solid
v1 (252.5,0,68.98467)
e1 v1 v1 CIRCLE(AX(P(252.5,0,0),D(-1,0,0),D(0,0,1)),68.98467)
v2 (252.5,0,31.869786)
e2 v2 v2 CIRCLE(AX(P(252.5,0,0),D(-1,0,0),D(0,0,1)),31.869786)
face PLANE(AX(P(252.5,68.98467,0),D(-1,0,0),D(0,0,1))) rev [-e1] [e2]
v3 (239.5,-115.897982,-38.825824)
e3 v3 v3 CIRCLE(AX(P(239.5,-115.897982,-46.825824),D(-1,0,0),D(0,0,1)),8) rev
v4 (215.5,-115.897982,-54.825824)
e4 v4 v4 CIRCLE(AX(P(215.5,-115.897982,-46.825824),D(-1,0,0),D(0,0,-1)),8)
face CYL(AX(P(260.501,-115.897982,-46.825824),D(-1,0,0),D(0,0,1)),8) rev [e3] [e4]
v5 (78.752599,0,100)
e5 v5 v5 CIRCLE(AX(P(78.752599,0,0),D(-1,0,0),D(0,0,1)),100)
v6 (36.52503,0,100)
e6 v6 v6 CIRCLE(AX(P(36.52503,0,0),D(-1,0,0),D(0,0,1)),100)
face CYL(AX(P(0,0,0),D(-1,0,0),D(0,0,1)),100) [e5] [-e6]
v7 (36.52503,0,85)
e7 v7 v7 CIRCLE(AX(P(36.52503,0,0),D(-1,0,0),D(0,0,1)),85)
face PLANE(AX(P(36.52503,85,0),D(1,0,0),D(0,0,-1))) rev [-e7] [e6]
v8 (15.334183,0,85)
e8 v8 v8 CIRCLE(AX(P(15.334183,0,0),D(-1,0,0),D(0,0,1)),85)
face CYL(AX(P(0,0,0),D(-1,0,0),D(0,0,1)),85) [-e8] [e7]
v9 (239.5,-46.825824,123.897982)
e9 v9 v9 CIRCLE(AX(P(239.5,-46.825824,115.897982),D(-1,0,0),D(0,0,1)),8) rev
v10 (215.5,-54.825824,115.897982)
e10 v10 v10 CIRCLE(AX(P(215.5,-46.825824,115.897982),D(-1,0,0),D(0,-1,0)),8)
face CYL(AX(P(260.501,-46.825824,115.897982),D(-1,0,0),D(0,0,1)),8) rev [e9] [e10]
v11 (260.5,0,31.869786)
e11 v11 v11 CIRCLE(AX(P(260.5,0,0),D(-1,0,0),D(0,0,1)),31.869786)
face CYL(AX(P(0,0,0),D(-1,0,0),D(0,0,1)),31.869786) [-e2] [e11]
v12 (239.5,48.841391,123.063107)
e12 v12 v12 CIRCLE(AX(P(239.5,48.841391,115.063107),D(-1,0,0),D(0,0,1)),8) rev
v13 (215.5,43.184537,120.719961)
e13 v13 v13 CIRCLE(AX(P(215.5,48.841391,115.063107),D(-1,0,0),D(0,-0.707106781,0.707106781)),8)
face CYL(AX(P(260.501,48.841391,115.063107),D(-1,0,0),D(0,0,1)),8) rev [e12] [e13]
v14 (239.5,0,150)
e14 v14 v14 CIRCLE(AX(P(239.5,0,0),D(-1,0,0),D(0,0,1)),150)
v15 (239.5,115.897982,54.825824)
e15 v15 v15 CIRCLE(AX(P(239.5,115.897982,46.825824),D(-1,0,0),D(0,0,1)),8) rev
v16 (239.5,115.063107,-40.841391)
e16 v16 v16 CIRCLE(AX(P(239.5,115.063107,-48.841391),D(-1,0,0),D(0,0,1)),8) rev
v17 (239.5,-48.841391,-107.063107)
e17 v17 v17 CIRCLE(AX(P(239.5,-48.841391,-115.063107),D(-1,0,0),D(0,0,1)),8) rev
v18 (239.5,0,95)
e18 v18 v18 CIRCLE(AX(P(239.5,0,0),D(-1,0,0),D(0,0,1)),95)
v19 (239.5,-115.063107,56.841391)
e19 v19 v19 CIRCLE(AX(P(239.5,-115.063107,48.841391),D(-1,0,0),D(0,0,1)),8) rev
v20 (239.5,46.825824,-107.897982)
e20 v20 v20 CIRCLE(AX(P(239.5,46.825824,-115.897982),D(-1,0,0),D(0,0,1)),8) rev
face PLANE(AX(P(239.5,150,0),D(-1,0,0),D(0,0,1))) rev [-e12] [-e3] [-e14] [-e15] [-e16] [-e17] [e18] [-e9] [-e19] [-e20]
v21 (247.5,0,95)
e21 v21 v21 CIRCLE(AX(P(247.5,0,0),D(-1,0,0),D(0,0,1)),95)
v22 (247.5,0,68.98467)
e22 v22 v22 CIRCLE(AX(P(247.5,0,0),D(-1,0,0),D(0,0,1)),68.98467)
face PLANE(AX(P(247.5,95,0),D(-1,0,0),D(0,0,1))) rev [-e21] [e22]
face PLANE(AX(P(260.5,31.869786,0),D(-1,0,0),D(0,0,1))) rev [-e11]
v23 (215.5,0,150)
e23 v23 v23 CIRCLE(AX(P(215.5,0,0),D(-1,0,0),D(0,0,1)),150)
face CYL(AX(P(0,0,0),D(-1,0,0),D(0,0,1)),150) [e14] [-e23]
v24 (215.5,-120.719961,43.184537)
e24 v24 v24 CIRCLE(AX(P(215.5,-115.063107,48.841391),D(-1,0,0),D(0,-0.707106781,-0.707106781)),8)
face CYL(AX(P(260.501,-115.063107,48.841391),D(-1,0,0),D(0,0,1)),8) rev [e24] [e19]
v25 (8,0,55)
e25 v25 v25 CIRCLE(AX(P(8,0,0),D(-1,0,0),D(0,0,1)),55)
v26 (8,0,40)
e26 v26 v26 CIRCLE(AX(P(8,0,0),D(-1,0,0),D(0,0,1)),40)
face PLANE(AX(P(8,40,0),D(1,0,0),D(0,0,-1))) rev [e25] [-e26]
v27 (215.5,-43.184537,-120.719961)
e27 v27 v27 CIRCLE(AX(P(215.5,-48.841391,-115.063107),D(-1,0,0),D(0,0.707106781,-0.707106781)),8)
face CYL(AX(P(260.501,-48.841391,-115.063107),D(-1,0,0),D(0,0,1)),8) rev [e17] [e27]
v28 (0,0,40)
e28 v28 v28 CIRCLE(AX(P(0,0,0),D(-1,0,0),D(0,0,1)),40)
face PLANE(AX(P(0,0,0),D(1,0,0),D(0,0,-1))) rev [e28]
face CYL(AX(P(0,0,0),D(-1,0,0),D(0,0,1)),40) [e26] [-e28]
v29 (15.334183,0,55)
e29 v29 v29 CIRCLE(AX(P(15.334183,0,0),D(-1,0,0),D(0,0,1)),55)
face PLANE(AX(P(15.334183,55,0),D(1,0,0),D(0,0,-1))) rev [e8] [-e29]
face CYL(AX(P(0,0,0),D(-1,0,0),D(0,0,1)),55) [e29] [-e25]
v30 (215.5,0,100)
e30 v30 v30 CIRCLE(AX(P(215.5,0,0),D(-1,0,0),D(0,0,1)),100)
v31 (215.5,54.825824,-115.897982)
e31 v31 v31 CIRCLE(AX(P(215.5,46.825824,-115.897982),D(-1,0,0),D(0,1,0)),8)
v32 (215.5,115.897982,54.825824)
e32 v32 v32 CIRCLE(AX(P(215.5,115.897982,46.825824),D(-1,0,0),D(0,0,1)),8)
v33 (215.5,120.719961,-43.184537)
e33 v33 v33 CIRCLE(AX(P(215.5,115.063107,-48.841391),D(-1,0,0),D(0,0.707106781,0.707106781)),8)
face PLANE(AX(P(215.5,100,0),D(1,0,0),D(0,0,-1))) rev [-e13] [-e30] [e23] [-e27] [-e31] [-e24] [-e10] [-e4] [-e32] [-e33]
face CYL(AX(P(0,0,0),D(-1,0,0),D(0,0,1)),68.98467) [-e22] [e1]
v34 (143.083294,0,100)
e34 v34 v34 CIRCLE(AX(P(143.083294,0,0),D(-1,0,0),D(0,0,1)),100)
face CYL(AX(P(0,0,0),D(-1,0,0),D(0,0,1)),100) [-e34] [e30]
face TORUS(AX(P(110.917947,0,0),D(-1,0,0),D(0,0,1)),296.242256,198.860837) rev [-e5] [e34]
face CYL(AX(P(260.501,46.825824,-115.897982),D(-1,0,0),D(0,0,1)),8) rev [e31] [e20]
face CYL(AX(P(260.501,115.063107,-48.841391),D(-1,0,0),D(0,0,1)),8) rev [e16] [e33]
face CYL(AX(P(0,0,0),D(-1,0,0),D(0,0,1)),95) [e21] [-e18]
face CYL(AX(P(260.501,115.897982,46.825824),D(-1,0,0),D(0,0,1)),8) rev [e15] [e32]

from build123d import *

# Parameters (mm, degrees)
KES_EKSTR_ZYON1_REACH   = 304.391
DAIRESEL_O_ALTMA1_COUNT = 8


with BuildPart() as part:
    # Çizim1 → Döndür1 (revolve)
    with BuildSketch(Plane.XY, mode=Mode.PRIVATE) as d_nd_r1_sk:
        with BuildLine():
            Line((0, 0), (0, 40))
            Line((0, 40), (8, 40))
            Line((8, 40), (8, 55))
            Line((8, 55), (15.334183147, 55))
            Line((15.334183147, 55), (15.334183147, 85))
            Line((15.334183147, 85), (36.525030294, 85))
            Line((36.525030294, 85), (36.525030294, 100))
            Line((36.525030294, 100), (78.752599468, 100))
            ThreePointArc((78.752599468, 100), (110.917946702, 97.381418717), (143.083293936, 100))
            Line((143.083293936, 100), (215.5, 100))
            Line((215.5, 100), (215.5, 150))
            Line((215.5, 150), (239.5, 150))
            Line((239.5, 150), (239.5, 95))
            Line((239.5, 95), (247.5, 95))
            Line((247.5, 95), (247.5, 68.984669624))
            Line((247.5, 68.984669624), (252.5, 68.984669624))
            Line((252.5, 68.984669624), (252.5, 31.869785878))
            Line((252.5, 31.869785878), (260.5, 31.869785878))
            Line((260.5, 31.869785878), (260.5, 0))
            Line((260.5, 0), (0, 0))
        make_face()
    revolve(d_nd_r1_sk.sketch.rotate(Axis((0, 0, 0), (1, 0, 0)), 90), axis=Axis((0, 0, 0), (1, 0, 0)))

    # Çizim2 → Kes-Ekstrüzyon1 (cut, up to next)
    with BuildSketch(Plane.ZY.offset(-215.5), mode=Mode.PRIVATE) as kes_ekstr_zyon1_sk1:
        with BuildLine():
            ThreePointArc((39.31625277, 118.65594072), (39.512748237, 112.65469332), (43.82897143, 108.480510984))
            Line((43.82897143, 108.480510984), (46.825824177, 115.897981821))
            ThreePointArc((46.825824177, 115.897981821), (43.093107796, 117.337053229), (39.31625277, 118.65594072))
        make_face()
    kes_ekstr_zyon1_tool1 = extrude(kes_ekstr_zyon1_sk1.sketch, amount=-KES_EKSTR_ZYON1_REACH, mode=Mode.PRIVATE) & part.part
    # Çizim2 → Kes-Ekstrüzyon1 (cut, up to next)
    with BuildSketch(Plane.ZY.offset(-215.5), mode=Mode.PRIVATE) as kes_ekstr_zyon1_sk2:
        with BuildLine():
            Line((46.825824177, 115.897981821), (43.82897143, 108.480510984))
            ThreePointArc((43.82897143, 108.480510984), (49.833433259, 108.484865903), (54.143597008, 112.665304788))
            ThreePointArc((54.143597008, 112.665304788), (50.510578633, 114.340200482), (46.825824177, 115.897981821))
        make_face()
    kes_ekstr_zyon1_tool2 = extrude(kes_ekstr_zyon1_sk2.sketch, amount=-KES_EKSTR_ZYON1_REACH, mode=Mode.PRIVATE) & part.part
    # Çizim2 → Kes-Ekstrüzyon1 (cut, up to next)
    with BuildSketch(Plane.ZY.offset(-215.5), mode=Mode.PRIVATE) as kes_ekstr_zyon1_sk3:
        with BuildLine():
            ThreePointArc((49.822676924, 123.315452657), (43.582535676, 123.211057761), (39.31625277, 118.65594072))
            ThreePointArc((39.31625277, 118.65594072), (43.093107796, 117.337053229), (46.825824177, 115.897981821))
            Line((46.825824177, 115.897981821), (49.822676924, 123.315452657))
        make_face()
    kes_ekstr_zyon1_tool3 = extrude(kes_ekstr_zyon1_sk3.sketch, amount=-KES_EKSTR_ZYON1_REACH, mode=Mode.PRIVATE) & part.part
    # Çizim2 → Kes-Ekstrüzyon1 (cut, up to next)
    with BuildSketch(Plane.ZY.offset(-215.5), mode=Mode.PRIVATE) as kes_ekstr_zyon1_sk4:
        with BuildLine():
            Line((49.822676924, 123.315452657), (46.825824177, 115.897981821))
            ThreePointArc((46.825824177, 115.897981821), (50.510578633, 114.340200482), (54.143597008, 112.665304788))
            ThreePointArc((54.143597008, 112.665304788), (54.653409457, 114.246040939), (54.825824177, 115.897981821))
            ThreePointArc((54.825824177, 115.897981821), (53.458124757, 120.371525049), (49.822676924, 123.315452657))
        make_face()
    kes_ekstr_zyon1_tool4 = extrude(kes_ekstr_zyon1_sk4.sketch, amount=-KES_EKSTR_ZYON1_REACH, mode=Mode.PRIVATE) & part.part
    # Çizim2 → Kes-Ekstrüzyon1 (cut, up to next)
    with BuildSketch(Plane.ZY.offset(-215.5), mode=Mode.PRIVATE) as kes_ekstr_zyon1_sk5:
        with BuildLine():
            ThreePointArc((39.31625277, 118.65594072), (39.512748237, 112.65469332), (43.82897143, 108.480510984))
            Line((43.82897143, 108.480510984), (46.825824177, 115.897981821))
            ThreePointArc((46.825824177, 115.897981821), (43.093107796, 117.337053229), (39.31625277, 118.65594072))
        make_face()
    kes_ekstr_zyon1_tool5 = extrude(kes_ekstr_zyon1_sk5.sketch, amount=-KES_EKSTR_ZYON1_REACH, mode=Mode.PRIVATE) & part.part
    # Çizim2 → Kes-Ekstrüzyon1 (cut, up to next)
    with BuildSketch(Plane.ZY.offset(-215.5), mode=Mode.PRIVATE) as kes_ekstr_zyon1_sk6:
        with BuildLine():
            Line((46.825824177, 115.897981821), (43.82897143, 108.480510984))
            ThreePointArc((43.82897143, 108.480510984), (49.833433259, 108.484865903), (54.143597008, 112.665304788))
            ThreePointArc((54.143597008, 112.665304788), (50.510578633, 114.340200482), (46.825824177, 115.897981821))
        make_face()
    kes_ekstr_zyon1_tool6 = extrude(kes_ekstr_zyon1_sk6.sketch, amount=-KES_EKSTR_ZYON1_REACH, mode=Mode.PRIVATE) & part.part
    # Çizim2 → Kes-Ekstrüzyon1 (cut, up to next)
    with BuildSketch(Plane.ZY.offset(-215.5), mode=Mode.PRIVATE) as kes_ekstr_zyon1_sk7:
        with BuildLine():
            ThreePointArc((49.822676924, 123.315452657), (43.582535676, 123.211057761), (39.31625277, 118.65594072))
            ThreePointArc((39.31625277, 118.65594072), (43.093107796, 117.337053229), (46.825824177, 115.897981821))
            Line((46.825824177, 115.897981821), (49.822676924, 123.315452657))
        make_face()
    kes_ekstr_zyon1_tool7 = extrude(kes_ekstr_zyon1_sk7.sketch, amount=-KES_EKSTR_ZYON1_REACH, mode=Mode.PRIVATE) & part.part
    # Çizim2 → Kes-Ekstrüzyon1 (cut, up to next)
    with BuildSketch(Plane.ZY.offset(-215.5), mode=Mode.PRIVATE) as kes_ekstr_zyon1_sk8:
        with BuildLine():
            Line((49.822676924, 123.315452657), (46.825824177, 115.897981821))
            ThreePointArc((46.825824177, 115.897981821), (50.510578633, 114.340200482), (54.143597008, 112.665304788))
            ThreePointArc((54.143597008, 112.665304788), (54.653409457, 114.246040939), (54.825824177, 115.897981821))
            ThreePointArc((54.825824177, 115.897981821), (53.458124757, 120.371525049), (49.822676924, 123.315452657))
        make_face()
    kes_ekstr_zyon1_tool8 = extrude(kes_ekstr_zyon1_sk8.sketch, amount=-KES_EKSTR_ZYON1_REACH, mode=Mode.PRIVATE) & part.part
    # Çizim2 → Kes-Ekstrüzyon1 (cut, up to next)
    with BuildSketch(Plane.ZY.offset(-215.5), mode=Mode.PRIVATE) as kes_ekstr_zyon1_sk9:
        with BuildLine():
            ThreePointArc((39.31625277, 118.65594072), (39.512748237, 112.65469332), (43.82897143, 108.480510984))
            Line((43.82897143, 108.480510984), (46.825824177, 115.897981821))
            ThreePointArc((46.825824177, 115.897981821), (43.093107796, 117.337053229), (39.31625277, 118.65594072))
        make_face()
    kes_ekstr_zyon1_tool9 = extrude(kes_ekstr_zyon1_sk9.sketch, amount=-KES_EKSTR_ZYON1_REACH, mode=Mode.PRIVATE) & part.part
    # Çizim2 → Kes-Ekstrüzyon1 (cut, up to next)
    with BuildSketch(Plane.ZY.offset(-215.5), mode=Mode.PRIVATE) as kes_ekstr_zyon1_sk10:
        with BuildLine():
            Line((46.825824177, 115.897981821), (43.82897143, 108.480510984))
            ThreePointArc((43.82897143, 108.480510984), (49.833433259, 108.484865903), (54.143597008, 112.665304788))
            ThreePointArc((54.143597008, 112.665304788), (50.510578633, 114.340200482), (46.825824177, 115.897981821))
        make_face()
    kes_ekstr_zyon1_tool10 = extrude(kes_ekstr_zyon1_sk10.sketch, amount=-KES_EKSTR_ZYON1_REACH, mode=Mode.PRIVATE) & part.part
    # Çizim2 → Kes-Ekstrüzyon1 (cut, up to next)
    with BuildSketch(Plane.ZY.offset(-215.5), mode=Mode.PRIVATE) as kes_ekstr_zyon1_sk11:
        with BuildLine():
            ThreePointArc((49.822676924, 123.315452657), (43.582535676, 123.211057761), (39.31625277, 118.65594072))
            ThreePointArc((39.31625277, 118.65594072), (43.093107796, 117.337053229), (46.825824177, 115.897981821))
            Line((46.825824177, 115.897981821), (49.822676924, 123.315452657))
        make_face()
    kes_ekstr_zyon1_tool11 = extrude(kes_ekstr_zyon1_sk11.sketch, amount=-KES_EKSTR_ZYON1_REACH, mode=Mode.PRIVATE) & part.part
    # Çizim2 → Kes-Ekstrüzyon1 (cut, up to next)
    with BuildSketch(Plane.ZY.offset(-215.5), mode=Mode.PRIVATE) as kes_ekstr_zyon1_sk12:
        with BuildLine():
            Line((49.822676924, 123.315452657), (46.825824177, 115.897981821))
            ThreePointArc((46.825824177, 115.897981821), (50.510578633, 114.340200482), (54.143597008, 112.665304788))
            ThreePointArc((54.143597008, 112.665304788), (54.653409457, 114.246040939), (54.825824177, 115.897981821))
            ThreePointArc((54.825824177, 115.897981821), (53.458124757, 120.371525049), (49.822676924, 123.315452657))
        make_face()
    kes_ekstr_zyon1_tool12 = extrude(kes_ekstr_zyon1_sk12.sketch, amount=-KES_EKSTR_ZYON1_REACH, mode=Mode.PRIVATE) & part.part
    # Çizim2 → Kes-Ekstrüzyon1 (cut, up to next)
    with BuildSketch(Plane.ZY.offset(-215.5), mode=Mode.PRIVATE) as kes_ekstr_zyon1_sk13:
        with BuildLine():
            ThreePointArc((39.31625277, 118.65594072), (39.512748237, 112.65469332), (43.82897143, 108.480510984))
            Line((43.82897143, 108.480510984), (46.825824177, 115.897981821))
            ThreePointArc((46.825824177, 115.897981821), (43.093107796, 117.337053229), (39.31625277, 118.65594072))
        make_face()
    kes_ekstr_zyon1_tool13 = extrude(kes_ekstr_zyon1_sk13.sketch, amount=-KES_EKSTR_ZYON1_REACH, mode=Mode.PRIVATE) & part.part
    # Çizim2 → Kes-Ekstrüzyon1 (cut, up to next)
    with BuildSketch(Plane.ZY.offset(-215.5), mode=Mode.PRIVATE) as kes_ekstr_zyon1_sk14:
        with BuildLine():
            Line((46.825824177, 115.897981821), (43.82897143, 108.480510984))
            ThreePointArc((43.82897143, 108.480510984), (49.833433259, 108.484865903), (54.143597008, 112.665304788))
            ThreePointArc((54.143597008, 112.665304788), (50.510578633, 114.340200482), (46.825824177, 115.897981821))
        make_face()
    kes_ekstr_zyon1_tool14 = extrude(kes_ekstr_zyon1_sk14.sketch, amount=-KES_EKSTR_ZYON1_REACH, mode=Mode.PRIVATE) & part.part
    # Çizim2 → Kes-Ekstrüzyon1 (cut, up to next)
    with BuildSketch(Plane.ZY.offset(-215.5), mode=Mode.PRIVATE) as kes_ekstr_zyon1_sk15:
        with BuildLine():
            ThreePointArc((49.822676924, 123.315452657), (43.582535676, 123.211057761), (39.31625277, 118.65594072))
            ThreePointArc((39.31625277, 118.65594072), (43.093107796, 117.337053229), (46.825824177, 115.897981821))
            Line((46.825824177, 115.897981821), (49.822676924, 123.315452657))
        make_face()
    kes_ekstr_zyon1_tool15 = extrude(kes_ekstr_zyon1_sk15.sketch, amount=-KES_EKSTR_ZYON1_REACH, mode=Mode.PRIVATE) & part.part
    # Çizim2 → Kes-Ekstrüzyon1 (cut, up to next)
    with BuildSketch(Plane.ZY.offset(-215.5), mode=Mode.PRIVATE) as kes_ekstr_zyon1_sk16:
        with BuildLine():
            Line((49.822676924, 123.315452657), (46.825824177, 115.897981821))
            ThreePointArc((46.825824177, 115.897981821), (50.510578633, 114.340200482), (54.143597008, 112.665304788))
            ThreePointArc((54.143597008, 112.665304788), (54.653409457, 114.246040939), (54.825824177, 115.897981821))
            ThreePointArc((54.825824177, 115.897981821), (53.458124757, 120.371525049), (49.822676924, 123.315452657))
        make_face()
    kes_ekstr_zyon1_tool16 = extrude(kes_ekstr_zyon1_sk16.sketch, amount=-KES_EKSTR_ZYON1_REACH, mode=Mode.PRIVATE) & part.part
    kes_ekstr_zyon1_1 = kes_ekstr_zyon1_tool1.solids().sort_by_distance((215.5, 113.966014, 42.421977))[0]
    add(kes_ekstr_zyon1_1, mode=Mode.SUBTRACT)
    kes_ekstr_zyon1_2 = kes_ekstr_zyon1_tool2.solids().sort_by_distance((215.5, 111.449071, 48.651629))[0]
    add(kes_ekstr_zyon1_2, mode=Mode.SUBTRACT)
    kes_ekstr_zyon1_3 = kes_ekstr_zyon1_tool3.solids().sort_by_distance((215.5, 120.28789, 44.899871))[0]
    add(kes_ekstr_zyon1_3, mode=Mode.SUBTRACT)
    kes_ekstr_zyon1_4 = kes_ekstr_zyon1_tool4.solids().sort_by_distance((215.5, 117.717938, 51.260726))[0]
    add(kes_ekstr_zyon1_4, mode=Mode.SUBTRACT)
    kes_ekstr_zyon1_5 = kes_ekstr_zyon1_tool5.solids().sort_by_distance((215.5, 113.966014, 42.421977))[0]
    add(kes_ekstr_zyon1_5, mode=Mode.SUBTRACT)
    kes_ekstr_zyon1_6 = kes_ekstr_zyon1_tool6.solids().sort_by_distance((215.5, 111.449071, 48.651629))[0]
    add(kes_ekstr_zyon1_6, mode=Mode.SUBTRACT)
    kes_ekstr_zyon1_7 = kes_ekstr_zyon1_tool7.solids().sort_by_distance((215.5, 120.28789, 44.899871))[0]
    add(kes_ekstr_zyon1_7, mode=Mode.SUBTRACT)
    kes_ekstr_zyon1_8 = kes_ekstr_zyon1_tool8.solids().sort_by_distance((215.5, 117.717938, 51.260726))[0]
    add(kes_ekstr_zyon1_8, mode=Mode.SUBTRACT)
    kes_ekstr_zyon1_9 = kes_ekstr_zyon1_tool9.solids().sort_by_distance((215.5, 113.966014, 42.421977))[0]
    add(kes_ekstr_zyon1_9, mode=Mode.SUBTRACT)
    kes_ekstr_zyon1_10 = kes_ekstr_zyon1_tool10.solids().sort_by_distance((215.5, 111.449071, 48.651629))[0]
    add(kes_ekstr_zyon1_10, mode=Mode.SUBTRACT)
    kes_ekstr_zyon1_11 = kes_ekstr_zyon1_tool11.solids().sort_by_distance((215.5, 120.28789, 44.899871))[0]
    add(kes_ekstr_zyon1_11, mode=Mode.SUBTRACT)
    kes_ekstr_zyon1_12 = kes_ekstr_zyon1_tool12.solids().sort_by_distance((215.5, 117.717938, 51.260726))[0]
    add(kes_ekstr_zyon1_12, mode=Mode.SUBTRACT)
    kes_ekstr_zyon1_13 = kes_ekstr_zyon1_tool13.solids().sort_by_distance((215.5, 113.966014, 42.421977))[0]
    add(kes_ekstr_zyon1_13, mode=Mode.SUBTRACT)
    kes_ekstr_zyon1_14 = kes_ekstr_zyon1_tool14.solids().sort_by_distance((215.5, 111.449071, 48.651629))[0]
    add(kes_ekstr_zyon1_14, mode=Mode.SUBTRACT)
    kes_ekstr_zyon1_15 = kes_ekstr_zyon1_tool15.solids().sort_by_distance((215.5, 120.28789, 44.899871))[0]
    add(kes_ekstr_zyon1_15, mode=Mode.SUBTRACT)
    kes_ekstr_zyon1_16 = kes_ekstr_zyon1_tool16.solids().sort_by_distance((215.5, 117.717938, 51.260726))[0]
    add(kes_ekstr_zyon1_16, mode=Mode.SUBTRACT)
    kes_ekstr_zyon1 = kes_ekstr_zyon1_1 + kes_ekstr_zyon1_2 + kes_ekstr_zyon1_3 + kes_ekstr_zyon1_4 + kes_ekstr_zyon1_5 + kes_ekstr_zyon1_6 + kes_ekstr_zyon1_7 + kes_ekstr_zyon1_8 + kes_ekstr_zyon1_9 + kes_ekstr_zyon1_10 + kes_ekstr_zyon1_11 + kes_ekstr_zyon1_12 + kes_ekstr_zyon1_13 + kes_ekstr_zyon1_14 + kes_ekstr_zyon1_15 + kes_ekstr_zyon1_16  # Kes-Ekstrüzyon1 as one shape, for the pattern or mirror that repeats it

    # Dairesel Çoğaltma1: Kes-Ekstrüzyon1 ×8 about axis
    dairesel_o_altma1_axis = Axis((0, 0, 0), (1, 0, 0))
    for i in range(1, DAIRESEL_O_ALTMA1_COUNT):
        add(kes_ekstr_zyon1.rotate(dairesel_o_altma1_axis, i * 360 / DAIRESEL_O_ALTMA1_COUNT), mode=Mode.SUBTRACT)


solid = part.part
